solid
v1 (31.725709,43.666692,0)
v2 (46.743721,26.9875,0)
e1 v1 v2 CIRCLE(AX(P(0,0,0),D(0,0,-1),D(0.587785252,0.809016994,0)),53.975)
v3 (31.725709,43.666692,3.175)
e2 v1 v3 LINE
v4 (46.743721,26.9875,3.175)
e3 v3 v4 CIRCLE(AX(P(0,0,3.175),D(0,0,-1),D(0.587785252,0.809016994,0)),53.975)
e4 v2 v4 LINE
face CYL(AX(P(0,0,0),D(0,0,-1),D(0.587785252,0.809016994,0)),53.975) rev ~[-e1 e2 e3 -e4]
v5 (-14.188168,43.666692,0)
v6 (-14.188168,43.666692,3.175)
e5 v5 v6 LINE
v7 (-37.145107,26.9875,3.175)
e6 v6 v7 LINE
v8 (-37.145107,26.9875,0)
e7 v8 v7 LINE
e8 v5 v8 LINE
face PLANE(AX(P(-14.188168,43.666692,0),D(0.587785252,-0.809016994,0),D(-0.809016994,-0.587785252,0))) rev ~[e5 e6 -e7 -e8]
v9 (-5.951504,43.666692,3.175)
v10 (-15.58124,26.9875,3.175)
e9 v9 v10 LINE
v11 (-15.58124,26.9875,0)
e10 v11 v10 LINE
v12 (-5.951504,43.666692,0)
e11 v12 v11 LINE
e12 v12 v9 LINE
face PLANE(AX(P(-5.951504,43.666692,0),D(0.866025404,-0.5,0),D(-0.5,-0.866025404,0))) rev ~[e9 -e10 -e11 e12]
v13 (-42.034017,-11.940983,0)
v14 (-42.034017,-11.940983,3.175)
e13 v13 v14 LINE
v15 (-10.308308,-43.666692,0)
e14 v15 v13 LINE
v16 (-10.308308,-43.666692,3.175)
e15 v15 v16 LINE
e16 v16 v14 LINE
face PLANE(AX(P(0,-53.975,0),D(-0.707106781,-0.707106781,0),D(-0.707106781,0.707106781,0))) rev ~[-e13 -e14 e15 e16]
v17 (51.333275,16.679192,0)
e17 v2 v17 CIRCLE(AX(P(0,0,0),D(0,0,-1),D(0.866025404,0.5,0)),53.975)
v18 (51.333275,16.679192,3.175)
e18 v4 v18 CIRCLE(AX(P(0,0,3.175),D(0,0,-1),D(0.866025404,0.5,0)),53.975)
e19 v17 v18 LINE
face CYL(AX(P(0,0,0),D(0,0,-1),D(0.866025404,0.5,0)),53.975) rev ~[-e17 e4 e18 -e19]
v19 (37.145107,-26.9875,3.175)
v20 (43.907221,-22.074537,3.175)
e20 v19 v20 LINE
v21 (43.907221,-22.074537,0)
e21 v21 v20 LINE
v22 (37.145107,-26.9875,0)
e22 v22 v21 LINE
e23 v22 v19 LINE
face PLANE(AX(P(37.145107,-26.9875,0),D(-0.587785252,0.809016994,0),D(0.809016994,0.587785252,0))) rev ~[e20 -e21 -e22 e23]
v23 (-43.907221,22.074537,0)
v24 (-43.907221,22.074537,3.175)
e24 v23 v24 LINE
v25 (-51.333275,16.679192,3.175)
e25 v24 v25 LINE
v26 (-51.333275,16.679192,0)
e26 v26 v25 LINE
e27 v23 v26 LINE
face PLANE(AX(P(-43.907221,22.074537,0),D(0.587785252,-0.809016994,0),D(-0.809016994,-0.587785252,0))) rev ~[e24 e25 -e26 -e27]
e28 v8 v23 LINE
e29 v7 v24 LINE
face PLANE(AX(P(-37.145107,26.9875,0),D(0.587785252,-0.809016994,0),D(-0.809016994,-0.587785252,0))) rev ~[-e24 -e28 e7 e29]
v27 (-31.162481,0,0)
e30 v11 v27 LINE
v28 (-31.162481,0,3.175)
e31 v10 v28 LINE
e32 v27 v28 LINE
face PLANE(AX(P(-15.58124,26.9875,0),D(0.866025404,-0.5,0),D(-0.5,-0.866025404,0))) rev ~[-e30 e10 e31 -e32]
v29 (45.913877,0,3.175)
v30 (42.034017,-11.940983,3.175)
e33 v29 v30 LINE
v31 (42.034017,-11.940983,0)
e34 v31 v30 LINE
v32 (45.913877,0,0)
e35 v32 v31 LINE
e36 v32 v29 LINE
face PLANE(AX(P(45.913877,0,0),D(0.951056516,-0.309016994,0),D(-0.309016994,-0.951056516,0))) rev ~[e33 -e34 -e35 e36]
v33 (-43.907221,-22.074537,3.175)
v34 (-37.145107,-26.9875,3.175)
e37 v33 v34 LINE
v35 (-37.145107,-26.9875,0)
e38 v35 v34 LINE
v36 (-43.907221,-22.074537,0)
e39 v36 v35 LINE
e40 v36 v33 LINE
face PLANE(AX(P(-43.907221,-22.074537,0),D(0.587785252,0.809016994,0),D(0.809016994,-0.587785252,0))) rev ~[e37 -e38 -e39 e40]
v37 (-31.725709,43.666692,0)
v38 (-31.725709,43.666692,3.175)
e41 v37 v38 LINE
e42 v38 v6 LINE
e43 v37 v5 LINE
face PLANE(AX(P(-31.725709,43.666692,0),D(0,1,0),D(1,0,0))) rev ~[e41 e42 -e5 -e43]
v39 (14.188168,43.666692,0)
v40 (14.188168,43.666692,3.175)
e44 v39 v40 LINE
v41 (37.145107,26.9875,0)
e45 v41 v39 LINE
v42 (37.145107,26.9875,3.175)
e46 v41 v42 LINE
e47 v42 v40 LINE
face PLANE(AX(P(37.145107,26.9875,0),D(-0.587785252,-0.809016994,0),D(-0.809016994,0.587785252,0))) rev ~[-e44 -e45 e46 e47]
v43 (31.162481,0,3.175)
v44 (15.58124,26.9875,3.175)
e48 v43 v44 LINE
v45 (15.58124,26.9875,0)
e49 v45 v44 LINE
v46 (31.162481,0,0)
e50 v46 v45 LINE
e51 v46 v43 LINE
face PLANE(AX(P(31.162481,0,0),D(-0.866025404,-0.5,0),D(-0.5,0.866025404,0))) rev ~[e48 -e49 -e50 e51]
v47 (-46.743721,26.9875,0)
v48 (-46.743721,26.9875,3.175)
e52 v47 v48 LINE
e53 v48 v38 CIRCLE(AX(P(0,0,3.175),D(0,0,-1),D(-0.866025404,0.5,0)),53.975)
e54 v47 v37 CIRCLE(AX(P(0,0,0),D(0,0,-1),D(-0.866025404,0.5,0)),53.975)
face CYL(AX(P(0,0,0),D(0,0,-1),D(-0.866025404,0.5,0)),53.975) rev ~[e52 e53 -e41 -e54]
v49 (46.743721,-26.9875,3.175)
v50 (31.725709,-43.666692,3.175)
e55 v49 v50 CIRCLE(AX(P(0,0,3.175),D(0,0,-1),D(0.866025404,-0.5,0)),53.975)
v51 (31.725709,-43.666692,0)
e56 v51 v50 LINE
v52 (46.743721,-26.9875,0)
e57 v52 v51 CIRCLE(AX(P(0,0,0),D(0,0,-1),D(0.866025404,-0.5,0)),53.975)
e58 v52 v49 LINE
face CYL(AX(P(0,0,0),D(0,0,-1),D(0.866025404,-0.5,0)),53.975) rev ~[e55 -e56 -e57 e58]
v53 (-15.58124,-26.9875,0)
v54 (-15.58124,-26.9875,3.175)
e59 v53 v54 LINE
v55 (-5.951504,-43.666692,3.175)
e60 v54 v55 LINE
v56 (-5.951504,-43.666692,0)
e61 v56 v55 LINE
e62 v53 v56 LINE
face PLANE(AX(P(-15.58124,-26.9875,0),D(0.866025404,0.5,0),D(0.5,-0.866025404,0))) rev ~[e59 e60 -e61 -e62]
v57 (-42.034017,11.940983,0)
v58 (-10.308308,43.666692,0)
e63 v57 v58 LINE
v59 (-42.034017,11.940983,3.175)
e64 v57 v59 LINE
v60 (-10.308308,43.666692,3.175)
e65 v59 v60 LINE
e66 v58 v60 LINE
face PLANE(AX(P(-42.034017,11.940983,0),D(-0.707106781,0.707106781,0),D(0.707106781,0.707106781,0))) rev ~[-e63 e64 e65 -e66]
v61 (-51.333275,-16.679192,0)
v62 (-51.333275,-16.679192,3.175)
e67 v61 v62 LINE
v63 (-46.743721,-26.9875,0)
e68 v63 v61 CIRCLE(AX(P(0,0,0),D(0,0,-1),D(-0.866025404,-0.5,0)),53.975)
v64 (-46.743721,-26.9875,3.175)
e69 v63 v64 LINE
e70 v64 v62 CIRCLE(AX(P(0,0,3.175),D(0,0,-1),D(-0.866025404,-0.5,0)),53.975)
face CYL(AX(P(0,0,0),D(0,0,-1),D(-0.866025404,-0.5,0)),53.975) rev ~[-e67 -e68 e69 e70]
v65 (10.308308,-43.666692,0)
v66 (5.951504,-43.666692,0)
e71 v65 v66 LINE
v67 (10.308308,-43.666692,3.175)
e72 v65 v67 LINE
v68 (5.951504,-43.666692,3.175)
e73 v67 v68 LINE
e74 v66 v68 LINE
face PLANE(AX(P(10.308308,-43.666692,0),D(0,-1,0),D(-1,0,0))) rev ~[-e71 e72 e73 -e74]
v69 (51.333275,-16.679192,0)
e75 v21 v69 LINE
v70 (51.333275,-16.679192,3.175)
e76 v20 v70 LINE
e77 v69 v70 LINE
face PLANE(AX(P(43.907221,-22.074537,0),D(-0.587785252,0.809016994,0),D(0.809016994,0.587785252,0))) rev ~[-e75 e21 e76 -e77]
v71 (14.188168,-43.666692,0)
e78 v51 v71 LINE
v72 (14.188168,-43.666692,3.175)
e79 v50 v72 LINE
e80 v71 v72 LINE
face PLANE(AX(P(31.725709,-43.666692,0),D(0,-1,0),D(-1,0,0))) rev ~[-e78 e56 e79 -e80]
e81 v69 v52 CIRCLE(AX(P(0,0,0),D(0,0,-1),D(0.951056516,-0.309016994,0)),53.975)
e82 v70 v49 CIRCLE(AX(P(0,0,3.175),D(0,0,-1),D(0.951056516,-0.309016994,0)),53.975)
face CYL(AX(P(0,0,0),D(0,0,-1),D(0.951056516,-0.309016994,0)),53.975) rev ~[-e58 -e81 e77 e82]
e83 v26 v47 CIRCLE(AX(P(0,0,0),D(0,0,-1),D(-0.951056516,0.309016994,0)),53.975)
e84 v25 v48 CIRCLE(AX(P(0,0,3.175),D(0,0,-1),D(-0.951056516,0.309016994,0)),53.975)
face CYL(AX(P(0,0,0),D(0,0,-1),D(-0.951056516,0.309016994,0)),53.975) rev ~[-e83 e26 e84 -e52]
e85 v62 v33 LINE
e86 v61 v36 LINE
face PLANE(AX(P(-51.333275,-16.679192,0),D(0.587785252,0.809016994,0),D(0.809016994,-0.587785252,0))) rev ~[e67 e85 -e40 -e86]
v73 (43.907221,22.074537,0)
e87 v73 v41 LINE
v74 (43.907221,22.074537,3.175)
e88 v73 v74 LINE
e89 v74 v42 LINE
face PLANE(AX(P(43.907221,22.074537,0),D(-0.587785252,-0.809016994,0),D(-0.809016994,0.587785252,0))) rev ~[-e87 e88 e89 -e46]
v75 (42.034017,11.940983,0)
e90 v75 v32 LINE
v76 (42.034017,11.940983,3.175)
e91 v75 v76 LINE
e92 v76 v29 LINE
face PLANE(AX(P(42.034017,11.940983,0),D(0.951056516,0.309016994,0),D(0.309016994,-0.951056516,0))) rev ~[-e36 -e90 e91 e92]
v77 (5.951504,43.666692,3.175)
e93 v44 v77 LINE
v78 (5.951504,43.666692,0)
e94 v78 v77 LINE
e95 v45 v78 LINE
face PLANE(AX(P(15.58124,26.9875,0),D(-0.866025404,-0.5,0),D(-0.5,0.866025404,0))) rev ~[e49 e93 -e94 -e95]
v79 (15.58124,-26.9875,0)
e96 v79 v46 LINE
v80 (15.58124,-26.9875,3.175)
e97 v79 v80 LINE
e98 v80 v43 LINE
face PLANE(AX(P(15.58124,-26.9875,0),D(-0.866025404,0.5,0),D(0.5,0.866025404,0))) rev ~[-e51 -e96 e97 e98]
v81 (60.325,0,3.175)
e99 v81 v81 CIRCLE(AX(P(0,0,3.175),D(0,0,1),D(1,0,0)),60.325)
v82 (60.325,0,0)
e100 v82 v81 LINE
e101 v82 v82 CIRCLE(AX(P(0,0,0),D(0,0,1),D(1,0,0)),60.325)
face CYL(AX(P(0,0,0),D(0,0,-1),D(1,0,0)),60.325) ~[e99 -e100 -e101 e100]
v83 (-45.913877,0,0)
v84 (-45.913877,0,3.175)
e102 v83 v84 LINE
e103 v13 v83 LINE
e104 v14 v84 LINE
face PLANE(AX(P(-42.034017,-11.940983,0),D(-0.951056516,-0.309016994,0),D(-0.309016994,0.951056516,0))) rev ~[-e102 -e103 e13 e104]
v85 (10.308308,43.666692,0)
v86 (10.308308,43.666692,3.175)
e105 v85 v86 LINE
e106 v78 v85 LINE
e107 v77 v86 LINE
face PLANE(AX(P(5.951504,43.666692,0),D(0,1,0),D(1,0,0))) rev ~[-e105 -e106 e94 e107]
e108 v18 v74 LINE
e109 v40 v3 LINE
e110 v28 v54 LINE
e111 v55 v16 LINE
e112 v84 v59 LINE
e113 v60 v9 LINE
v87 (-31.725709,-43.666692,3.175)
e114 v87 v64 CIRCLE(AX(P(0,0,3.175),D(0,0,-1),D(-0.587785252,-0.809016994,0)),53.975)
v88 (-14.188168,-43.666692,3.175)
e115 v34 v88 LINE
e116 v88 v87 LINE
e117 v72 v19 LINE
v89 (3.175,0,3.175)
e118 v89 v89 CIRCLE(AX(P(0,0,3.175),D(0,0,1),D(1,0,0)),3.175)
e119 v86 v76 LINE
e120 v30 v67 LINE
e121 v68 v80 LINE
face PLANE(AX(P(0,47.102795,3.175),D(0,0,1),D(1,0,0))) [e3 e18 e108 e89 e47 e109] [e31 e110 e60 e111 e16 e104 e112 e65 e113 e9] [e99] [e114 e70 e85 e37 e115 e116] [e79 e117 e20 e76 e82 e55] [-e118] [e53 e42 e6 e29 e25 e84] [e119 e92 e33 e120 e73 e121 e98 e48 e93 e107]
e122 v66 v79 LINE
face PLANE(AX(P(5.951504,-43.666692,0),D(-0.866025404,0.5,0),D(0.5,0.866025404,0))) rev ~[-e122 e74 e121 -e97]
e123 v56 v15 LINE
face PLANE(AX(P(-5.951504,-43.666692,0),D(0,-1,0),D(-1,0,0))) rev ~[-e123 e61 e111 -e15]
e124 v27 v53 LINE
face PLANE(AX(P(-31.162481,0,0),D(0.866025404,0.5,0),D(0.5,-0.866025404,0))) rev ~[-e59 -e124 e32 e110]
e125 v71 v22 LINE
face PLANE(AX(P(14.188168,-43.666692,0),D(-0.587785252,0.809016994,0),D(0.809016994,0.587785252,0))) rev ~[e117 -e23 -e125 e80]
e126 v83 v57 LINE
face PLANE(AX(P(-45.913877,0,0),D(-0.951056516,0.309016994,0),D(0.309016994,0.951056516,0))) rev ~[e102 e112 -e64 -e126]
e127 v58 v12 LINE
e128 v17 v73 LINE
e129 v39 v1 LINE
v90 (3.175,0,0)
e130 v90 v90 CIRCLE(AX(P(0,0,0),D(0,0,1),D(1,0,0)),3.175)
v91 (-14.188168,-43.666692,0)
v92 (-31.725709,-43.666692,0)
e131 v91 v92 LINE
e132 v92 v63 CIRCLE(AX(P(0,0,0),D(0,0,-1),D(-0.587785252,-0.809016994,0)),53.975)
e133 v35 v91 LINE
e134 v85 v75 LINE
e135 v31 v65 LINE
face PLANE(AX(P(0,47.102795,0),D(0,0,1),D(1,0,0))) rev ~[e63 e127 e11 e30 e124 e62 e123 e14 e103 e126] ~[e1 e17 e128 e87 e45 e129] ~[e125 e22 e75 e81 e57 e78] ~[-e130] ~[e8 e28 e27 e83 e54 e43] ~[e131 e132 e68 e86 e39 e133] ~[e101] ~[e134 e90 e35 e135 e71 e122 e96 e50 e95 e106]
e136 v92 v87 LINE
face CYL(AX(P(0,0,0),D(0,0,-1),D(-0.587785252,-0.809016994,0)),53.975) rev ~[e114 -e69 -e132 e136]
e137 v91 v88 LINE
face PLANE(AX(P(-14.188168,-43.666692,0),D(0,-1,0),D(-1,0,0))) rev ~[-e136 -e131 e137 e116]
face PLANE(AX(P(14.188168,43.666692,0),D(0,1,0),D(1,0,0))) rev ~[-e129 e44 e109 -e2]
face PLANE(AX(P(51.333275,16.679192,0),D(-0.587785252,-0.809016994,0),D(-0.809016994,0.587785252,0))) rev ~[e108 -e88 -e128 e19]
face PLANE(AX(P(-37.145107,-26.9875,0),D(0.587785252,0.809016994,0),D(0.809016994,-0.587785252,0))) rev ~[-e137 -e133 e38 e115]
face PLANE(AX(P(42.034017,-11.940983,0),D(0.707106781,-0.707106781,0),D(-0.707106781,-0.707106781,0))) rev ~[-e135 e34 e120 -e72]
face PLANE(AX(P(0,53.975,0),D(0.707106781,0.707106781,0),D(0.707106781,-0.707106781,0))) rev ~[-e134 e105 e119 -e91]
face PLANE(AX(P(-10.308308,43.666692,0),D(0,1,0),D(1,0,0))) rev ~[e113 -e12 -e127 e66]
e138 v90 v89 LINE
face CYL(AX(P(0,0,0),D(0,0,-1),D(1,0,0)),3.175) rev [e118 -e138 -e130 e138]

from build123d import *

# Parameters (mm, degrees)
F0_R     = 60.325
F1_DEPTH = 3.175
F0_R_2   = 3.175
F2_DEPTH = 3.175


with BuildPart() as f1:
    # F0 (on Top) → F1 (new body)
    with BuildSketch(Plane.XY):
        Circle(F0_R)
        with BuildLine():
            ThreePointArc((51.333275467, 16.6791922714), (53.3104781836, 8.4435502505), (53.975, 0))
            ThreePointArc((53.975, 0), (53.3104781836, -8.4435502505), (51.333275467, -16.6791922714))
            ThreePointArc((51.333275467, -16.6791922714), (49.3086160763, -21.95361031), (46.7437211693, -26.9875))
            ThreePointArc((46.7437211693, -26.9875), (40.1112419551, -36.1163244782), (31.7257089925, -43.6666922714))
            ThreePointArc((31.7257089925, -43.6666922714), (16.6791922714, -51.333275467), (0, -53.975))
            ThreePointArc((0, -53.975), (-16.6791922714, -51.333275467), (-31.7257089925, -43.6666922714))
            ThreePointArc((-31.7257089925, -43.6666922714), (-40.1112419551, -36.1163244782), (-46.7437211693, -26.9875))
            ThreePointArc((-46.7437211693, -26.9875), (-49.3086160763, -21.95361031), (-51.333275467, -16.6791922714))
            ThreePointArc((-51.333275467, -16.6791922714), (-53.3104781836, -8.4435502505), (-53.975, 0))
            ThreePointArc((-53.975, 0), (-53.3104781836, 8.4435502505), (-51.333275467, 16.6791922714))
            ThreePointArc((-51.333275467, 16.6791922714), (-49.3086160763, 21.95361031), (-46.7437211693, 26.9875))
            ThreePointArc((-46.7437211693, 26.9875), (-40.1112419551, 36.1163244782), (-31.7257089925, 43.6666922714))
            ThreePointArc((-31.7257089925, 43.6666922714), (-16.6791922714, 51.333275467), (0, 53.975))
            ThreePointArc((0, 53.975), (16.6791922714, 51.333275467), (31.7257089925, 43.6666922714))
            ThreePointArc((31.7257089925, 43.6666922714), (40.1112419551, 36.1163244782), (46.7437211693, 26.9875))
            ThreePointArc((46.7437211693, 26.9875), (49.3086160763, 21.95361031), (51.333275467, 16.6791922714))
        make_face(mode=Mode.SUBTRACT)
        Polygon((26.9875, 26.9875), (37.1451070787, 26.9875), (14.1881683883, 43.6666922714), (10.3083077286, 43.6666922714), align=None)
        Polygon((14.1881683883, 43.6666922714), (0, 53.975), (10.3083077286, 43.6666922714), align=None)
        Polygon((40.6016986689, 16.3492049681), (37.1451070787, 26.9875), (26.9875, 26.9875), (39.5124423385, 14.4625576615), align=None)
        Polygon((40.6016986689, 16.3492049681), (43.90722062, 22.074536933), (37.1451070787, 26.9875), align=None)
        Polygon((39.5124423385, 14.4625576615), (42.0340167211, 11.9409832789), (40.6016986689, 16.3492049681), align=None)
        Polygon((47.8907651274, 6.0842348726), (51.333275467, 16.6791922714), (43.90722062, 22.074536933), (40.6016986689, 16.3492049681), (42.0340167211, 11.9409832789), align=None)
        with BuildLine():
            Line((47.8907651274, 6.0842348726), (53.975, 0))
            ThreePointArc((53.975, 0), (53.3104781836, 8.4435502505), (51.333275467, 16.6791922714))
            Line((51.333275467, 16.6791922714), (47.8907651274, 6.0842348726))
        make_face()
        Polygon((47.8907651274, -6.0842348726), (53.975, 0), (47.8907651274, 6.0842348726), (45.9138773808, 0), align=None)
        with BuildLine():
            ThreePointArc((51.333275467, -16.6791922714), (53.3104781836, -8.4435502505), (53.975, 0))
            Line((53.975, 0), (47.8907651274, -6.0842348726))
            Line((47.8907651274, -6.0842348726), (51.333275467, -16.6791922714))
        make_face()
        Polygon((43.90722062, -22.074536933), (51.333275467, -16.6791922714), (47.8907651274, -6.0842348726), (42.0340167211, -11.9409832789), (40.6016986689, -16.3492049681), align=None)
        Polygon((37.1451070787, -26.9875), (43.90722062, -22.074536933), (40.6016986689, -16.3492049681), align=None)
        Polygon((26.9875, -26.9875), (37.1451070787, -26.9875), (40.6016986689, -16.3492049681), (39.5124423385, -14.4625576615), align=None)
        Polygon((14.1881683883, -43.6666922714), (37.1451070787, -26.9875), (26.9875, -26.9875), (10.3083077286, -43.6666922714), align=None)
        Polygon((10.3083077286, -43.6666922714), (0, -53.975), (14.1881683883, -43.6666922714), align=None)
        Polygon((40.6016986689, -16.3492049681), (42.0340167211, -11.9409832789), (39.5124423385, -14.4625576615), align=None)
        Polygon((45.9138773808, 0), (47.8907651274, 6.0842348726), (42.0340167211, 11.9409832789), align=None)
        Polygon((42.0340167211, -11.9409832789), (47.8907651274, -6.0842348726), (45.9138773808, 0), align=None)
        Polygon((-10.3083077286, 43.6666922714), (0, 53.975), (-14.1881683883, 43.6666922714), align=None)
        Polygon((-10.3083077286, 43.6666922714), (-14.1881683883, 43.6666922714), (-37.1451070787, 26.9875), (-26.9875, 26.9875), align=None)
        Polygon((-26.9875, 26.9875), (-37.1451070787, 26.9875), (-40.6016986689, 16.3492049681), (-39.5124423385, 14.4625576615), align=None)
        Polygon((-40.6016986689, 16.3492049681), (-37.1451070787, 26.9875), (-43.90722062, 22.074536933), align=None)
        Polygon((-43.90722062, 22.074536933), (-51.333275467, 16.6791922714), (-47.8907651274, 6.0842348726), (-42.0340167211, 11.9409832789), (-40.6016986689, 16.3492049681), align=None)
        Polygon((-39.5124423385, 14.4625576615), (-40.6016986689, 16.3492049681), (-42.0340167211, 11.9409832789), align=None)
        Polygon((-42.0340167211, 11.9409832789), (-47.8907651274, 6.0842348726), (-45.9138773808, 0), align=None)
        Polygon((-47.8907651274, 6.0842348726), (-53.975, 0), (-47.8907651274, -6.0842348726), (-45.9138773808, 0), align=None)
        Polygon((-45.9138773808, 0), (-47.8907651274, -6.0842348726), (-42.0340167211, -11.9409832789), align=None)
        with BuildLine():
            Line((-47.8907651274, 6.0842348726), (-51.333275467, 16.6791922714))
            ThreePointArc((-51.333275467, 16.6791922714), (-53.3104781836, 8.4435502505), (-53.975, 0))
            Line((-53.975, 0), (-47.8907651274, 6.0842348726))
        make_face()
        Polygon((-14.1881683883, -43.6666922714), (-10.3083077286, -43.6666922714), (-26.9875, -26.9875), (-37.1451070787, -26.9875), align=None)
        Polygon((-14.1881683883, -43.6666922714), (0, -53.975), (-10.3083077286, -43.6666922714), align=None)
        Polygon((-47.8907651274, -6.0842348726), (-51.333275467, -16.6791922714), (-43.90722062, -22.074536933), (-40.6016986689, -16.3492049681), (-42.0340167211, -11.9409832789), align=None)
        with BuildLine():
            ThreePointArc((-53.975, 0), (-53.3104781836, -8.4435502505), (-51.333275467, -16.6791922714))
            Line((-51.333275467, -16.6791922714), (-47.8907651274, -6.0842348726))
            Line((-47.8907651274, -6.0842348726), (-53.975, 0))
        make_face()
        Polygon((-43.90722062, -22.074536933), (-37.1451070787, -26.9875), (-40.6016986689, -16.3492049681), align=None)
        Polygon((-40.6016986689, -16.3492049681), (-37.1451070787, -26.9875), (-26.9875, -26.9875), (-39.5124423385, -14.4625576615), align=None)
        Polygon((-42.0340167211, -11.9409832789), (-40.6016986689, -16.3492049681), (-39.5124423385, -14.4625576615), align=None)
        with BuildLine():
            ThreePointArc((0, -53.975), (16.6791922714, -51.333275467), (31.7257089925, -43.6666922714))
            Line((31.7257089925, -43.6666922714), (14.1881683883, -43.6666922714))
            Line((14.1881683883, -43.6666922714), (0, -53.975))
        make_face()
        with BuildLine():
            ThreePointArc((-31.7257089925, -43.6666922714), (-16.6791922714, -51.333275467), (0, -53.975))
            Line((0, -53.975), (-14.1881683883, -43.6666922714))
            Line((-14.1881683883, -43.6666922714), (-31.7257089925, -43.6666922714))
        make_face()
        with BuildLine():
            Line((-14.1881683883, 43.6666922714), (0, 53.975))
            ThreePointArc((0, 53.975), (-16.6791922714, 51.333275467), (-31.7257089925, 43.6666922714))
            Line((-31.7257089925, 43.6666922714), (-14.1881683883, 43.6666922714))
        make_face()
        with BuildLine():
            Line((14.1881683883, 43.6666922714), (31.7257089925, 43.6666922714))
            ThreePointArc((31.7257089925, 43.6666922714), (16.6791922714, 51.333275467), (0, 53.975))
            Line((0, 53.975), (14.1881683883, 43.6666922714))
        make_face()
    extrude(amount=F1_DEPTH)

    # F0 (on Top) → F2 (join)
    with BuildSketch(Plane.XY):
        Polygon((5.951504242, 43.6666922714), (0, 53.975), (-5.951504242, 43.6666922714), align=None)
        Polygon((15.5812403898, 26.9875), (5.951504242, 43.6666922714), (-5.951504242, 43.6666922714), (-15.5812403898, 26.9875), align=None)
        Polygon((15.5812403898, -26.9875), (31.1624807795, 0), (15.5812403898, 26.9875), (-15.5812403898, 26.9875), (-31.1624807795, 0), (-15.5812403898, -26.9875), align=None)
        Circle(F0_R_2, mode=Mode.SUBTRACT)
        Polygon((-5.951504242, -43.6666922714), (0, -53.975), (5.951504242, -43.6666922714), align=None)
        Polygon((-15.5812403898, -26.9875), (-5.951504242, -43.6666922714), (5.951504242, -43.6666922714), (15.5812403898, -26.9875), align=None)
        Polygon((5.951504242, -43.6666922714), (0, -53.975), (10.3083077286, -43.6666922714), align=None)
        Polygon((-10.3083077286, -43.6666922714), (0, -53.975), (-5.951504242, -43.6666922714), align=None)
        Polygon((-5.951504242, 43.6666922714), (0, 53.975), (-10.3083077286, 43.6666922714), align=None)
        Polygon((10.3083077286, 43.6666922714), (0, 53.975), (5.951504242, 43.6666922714), align=None)
    extrude(amount=F2_DEPTH)


solid = f1.part
